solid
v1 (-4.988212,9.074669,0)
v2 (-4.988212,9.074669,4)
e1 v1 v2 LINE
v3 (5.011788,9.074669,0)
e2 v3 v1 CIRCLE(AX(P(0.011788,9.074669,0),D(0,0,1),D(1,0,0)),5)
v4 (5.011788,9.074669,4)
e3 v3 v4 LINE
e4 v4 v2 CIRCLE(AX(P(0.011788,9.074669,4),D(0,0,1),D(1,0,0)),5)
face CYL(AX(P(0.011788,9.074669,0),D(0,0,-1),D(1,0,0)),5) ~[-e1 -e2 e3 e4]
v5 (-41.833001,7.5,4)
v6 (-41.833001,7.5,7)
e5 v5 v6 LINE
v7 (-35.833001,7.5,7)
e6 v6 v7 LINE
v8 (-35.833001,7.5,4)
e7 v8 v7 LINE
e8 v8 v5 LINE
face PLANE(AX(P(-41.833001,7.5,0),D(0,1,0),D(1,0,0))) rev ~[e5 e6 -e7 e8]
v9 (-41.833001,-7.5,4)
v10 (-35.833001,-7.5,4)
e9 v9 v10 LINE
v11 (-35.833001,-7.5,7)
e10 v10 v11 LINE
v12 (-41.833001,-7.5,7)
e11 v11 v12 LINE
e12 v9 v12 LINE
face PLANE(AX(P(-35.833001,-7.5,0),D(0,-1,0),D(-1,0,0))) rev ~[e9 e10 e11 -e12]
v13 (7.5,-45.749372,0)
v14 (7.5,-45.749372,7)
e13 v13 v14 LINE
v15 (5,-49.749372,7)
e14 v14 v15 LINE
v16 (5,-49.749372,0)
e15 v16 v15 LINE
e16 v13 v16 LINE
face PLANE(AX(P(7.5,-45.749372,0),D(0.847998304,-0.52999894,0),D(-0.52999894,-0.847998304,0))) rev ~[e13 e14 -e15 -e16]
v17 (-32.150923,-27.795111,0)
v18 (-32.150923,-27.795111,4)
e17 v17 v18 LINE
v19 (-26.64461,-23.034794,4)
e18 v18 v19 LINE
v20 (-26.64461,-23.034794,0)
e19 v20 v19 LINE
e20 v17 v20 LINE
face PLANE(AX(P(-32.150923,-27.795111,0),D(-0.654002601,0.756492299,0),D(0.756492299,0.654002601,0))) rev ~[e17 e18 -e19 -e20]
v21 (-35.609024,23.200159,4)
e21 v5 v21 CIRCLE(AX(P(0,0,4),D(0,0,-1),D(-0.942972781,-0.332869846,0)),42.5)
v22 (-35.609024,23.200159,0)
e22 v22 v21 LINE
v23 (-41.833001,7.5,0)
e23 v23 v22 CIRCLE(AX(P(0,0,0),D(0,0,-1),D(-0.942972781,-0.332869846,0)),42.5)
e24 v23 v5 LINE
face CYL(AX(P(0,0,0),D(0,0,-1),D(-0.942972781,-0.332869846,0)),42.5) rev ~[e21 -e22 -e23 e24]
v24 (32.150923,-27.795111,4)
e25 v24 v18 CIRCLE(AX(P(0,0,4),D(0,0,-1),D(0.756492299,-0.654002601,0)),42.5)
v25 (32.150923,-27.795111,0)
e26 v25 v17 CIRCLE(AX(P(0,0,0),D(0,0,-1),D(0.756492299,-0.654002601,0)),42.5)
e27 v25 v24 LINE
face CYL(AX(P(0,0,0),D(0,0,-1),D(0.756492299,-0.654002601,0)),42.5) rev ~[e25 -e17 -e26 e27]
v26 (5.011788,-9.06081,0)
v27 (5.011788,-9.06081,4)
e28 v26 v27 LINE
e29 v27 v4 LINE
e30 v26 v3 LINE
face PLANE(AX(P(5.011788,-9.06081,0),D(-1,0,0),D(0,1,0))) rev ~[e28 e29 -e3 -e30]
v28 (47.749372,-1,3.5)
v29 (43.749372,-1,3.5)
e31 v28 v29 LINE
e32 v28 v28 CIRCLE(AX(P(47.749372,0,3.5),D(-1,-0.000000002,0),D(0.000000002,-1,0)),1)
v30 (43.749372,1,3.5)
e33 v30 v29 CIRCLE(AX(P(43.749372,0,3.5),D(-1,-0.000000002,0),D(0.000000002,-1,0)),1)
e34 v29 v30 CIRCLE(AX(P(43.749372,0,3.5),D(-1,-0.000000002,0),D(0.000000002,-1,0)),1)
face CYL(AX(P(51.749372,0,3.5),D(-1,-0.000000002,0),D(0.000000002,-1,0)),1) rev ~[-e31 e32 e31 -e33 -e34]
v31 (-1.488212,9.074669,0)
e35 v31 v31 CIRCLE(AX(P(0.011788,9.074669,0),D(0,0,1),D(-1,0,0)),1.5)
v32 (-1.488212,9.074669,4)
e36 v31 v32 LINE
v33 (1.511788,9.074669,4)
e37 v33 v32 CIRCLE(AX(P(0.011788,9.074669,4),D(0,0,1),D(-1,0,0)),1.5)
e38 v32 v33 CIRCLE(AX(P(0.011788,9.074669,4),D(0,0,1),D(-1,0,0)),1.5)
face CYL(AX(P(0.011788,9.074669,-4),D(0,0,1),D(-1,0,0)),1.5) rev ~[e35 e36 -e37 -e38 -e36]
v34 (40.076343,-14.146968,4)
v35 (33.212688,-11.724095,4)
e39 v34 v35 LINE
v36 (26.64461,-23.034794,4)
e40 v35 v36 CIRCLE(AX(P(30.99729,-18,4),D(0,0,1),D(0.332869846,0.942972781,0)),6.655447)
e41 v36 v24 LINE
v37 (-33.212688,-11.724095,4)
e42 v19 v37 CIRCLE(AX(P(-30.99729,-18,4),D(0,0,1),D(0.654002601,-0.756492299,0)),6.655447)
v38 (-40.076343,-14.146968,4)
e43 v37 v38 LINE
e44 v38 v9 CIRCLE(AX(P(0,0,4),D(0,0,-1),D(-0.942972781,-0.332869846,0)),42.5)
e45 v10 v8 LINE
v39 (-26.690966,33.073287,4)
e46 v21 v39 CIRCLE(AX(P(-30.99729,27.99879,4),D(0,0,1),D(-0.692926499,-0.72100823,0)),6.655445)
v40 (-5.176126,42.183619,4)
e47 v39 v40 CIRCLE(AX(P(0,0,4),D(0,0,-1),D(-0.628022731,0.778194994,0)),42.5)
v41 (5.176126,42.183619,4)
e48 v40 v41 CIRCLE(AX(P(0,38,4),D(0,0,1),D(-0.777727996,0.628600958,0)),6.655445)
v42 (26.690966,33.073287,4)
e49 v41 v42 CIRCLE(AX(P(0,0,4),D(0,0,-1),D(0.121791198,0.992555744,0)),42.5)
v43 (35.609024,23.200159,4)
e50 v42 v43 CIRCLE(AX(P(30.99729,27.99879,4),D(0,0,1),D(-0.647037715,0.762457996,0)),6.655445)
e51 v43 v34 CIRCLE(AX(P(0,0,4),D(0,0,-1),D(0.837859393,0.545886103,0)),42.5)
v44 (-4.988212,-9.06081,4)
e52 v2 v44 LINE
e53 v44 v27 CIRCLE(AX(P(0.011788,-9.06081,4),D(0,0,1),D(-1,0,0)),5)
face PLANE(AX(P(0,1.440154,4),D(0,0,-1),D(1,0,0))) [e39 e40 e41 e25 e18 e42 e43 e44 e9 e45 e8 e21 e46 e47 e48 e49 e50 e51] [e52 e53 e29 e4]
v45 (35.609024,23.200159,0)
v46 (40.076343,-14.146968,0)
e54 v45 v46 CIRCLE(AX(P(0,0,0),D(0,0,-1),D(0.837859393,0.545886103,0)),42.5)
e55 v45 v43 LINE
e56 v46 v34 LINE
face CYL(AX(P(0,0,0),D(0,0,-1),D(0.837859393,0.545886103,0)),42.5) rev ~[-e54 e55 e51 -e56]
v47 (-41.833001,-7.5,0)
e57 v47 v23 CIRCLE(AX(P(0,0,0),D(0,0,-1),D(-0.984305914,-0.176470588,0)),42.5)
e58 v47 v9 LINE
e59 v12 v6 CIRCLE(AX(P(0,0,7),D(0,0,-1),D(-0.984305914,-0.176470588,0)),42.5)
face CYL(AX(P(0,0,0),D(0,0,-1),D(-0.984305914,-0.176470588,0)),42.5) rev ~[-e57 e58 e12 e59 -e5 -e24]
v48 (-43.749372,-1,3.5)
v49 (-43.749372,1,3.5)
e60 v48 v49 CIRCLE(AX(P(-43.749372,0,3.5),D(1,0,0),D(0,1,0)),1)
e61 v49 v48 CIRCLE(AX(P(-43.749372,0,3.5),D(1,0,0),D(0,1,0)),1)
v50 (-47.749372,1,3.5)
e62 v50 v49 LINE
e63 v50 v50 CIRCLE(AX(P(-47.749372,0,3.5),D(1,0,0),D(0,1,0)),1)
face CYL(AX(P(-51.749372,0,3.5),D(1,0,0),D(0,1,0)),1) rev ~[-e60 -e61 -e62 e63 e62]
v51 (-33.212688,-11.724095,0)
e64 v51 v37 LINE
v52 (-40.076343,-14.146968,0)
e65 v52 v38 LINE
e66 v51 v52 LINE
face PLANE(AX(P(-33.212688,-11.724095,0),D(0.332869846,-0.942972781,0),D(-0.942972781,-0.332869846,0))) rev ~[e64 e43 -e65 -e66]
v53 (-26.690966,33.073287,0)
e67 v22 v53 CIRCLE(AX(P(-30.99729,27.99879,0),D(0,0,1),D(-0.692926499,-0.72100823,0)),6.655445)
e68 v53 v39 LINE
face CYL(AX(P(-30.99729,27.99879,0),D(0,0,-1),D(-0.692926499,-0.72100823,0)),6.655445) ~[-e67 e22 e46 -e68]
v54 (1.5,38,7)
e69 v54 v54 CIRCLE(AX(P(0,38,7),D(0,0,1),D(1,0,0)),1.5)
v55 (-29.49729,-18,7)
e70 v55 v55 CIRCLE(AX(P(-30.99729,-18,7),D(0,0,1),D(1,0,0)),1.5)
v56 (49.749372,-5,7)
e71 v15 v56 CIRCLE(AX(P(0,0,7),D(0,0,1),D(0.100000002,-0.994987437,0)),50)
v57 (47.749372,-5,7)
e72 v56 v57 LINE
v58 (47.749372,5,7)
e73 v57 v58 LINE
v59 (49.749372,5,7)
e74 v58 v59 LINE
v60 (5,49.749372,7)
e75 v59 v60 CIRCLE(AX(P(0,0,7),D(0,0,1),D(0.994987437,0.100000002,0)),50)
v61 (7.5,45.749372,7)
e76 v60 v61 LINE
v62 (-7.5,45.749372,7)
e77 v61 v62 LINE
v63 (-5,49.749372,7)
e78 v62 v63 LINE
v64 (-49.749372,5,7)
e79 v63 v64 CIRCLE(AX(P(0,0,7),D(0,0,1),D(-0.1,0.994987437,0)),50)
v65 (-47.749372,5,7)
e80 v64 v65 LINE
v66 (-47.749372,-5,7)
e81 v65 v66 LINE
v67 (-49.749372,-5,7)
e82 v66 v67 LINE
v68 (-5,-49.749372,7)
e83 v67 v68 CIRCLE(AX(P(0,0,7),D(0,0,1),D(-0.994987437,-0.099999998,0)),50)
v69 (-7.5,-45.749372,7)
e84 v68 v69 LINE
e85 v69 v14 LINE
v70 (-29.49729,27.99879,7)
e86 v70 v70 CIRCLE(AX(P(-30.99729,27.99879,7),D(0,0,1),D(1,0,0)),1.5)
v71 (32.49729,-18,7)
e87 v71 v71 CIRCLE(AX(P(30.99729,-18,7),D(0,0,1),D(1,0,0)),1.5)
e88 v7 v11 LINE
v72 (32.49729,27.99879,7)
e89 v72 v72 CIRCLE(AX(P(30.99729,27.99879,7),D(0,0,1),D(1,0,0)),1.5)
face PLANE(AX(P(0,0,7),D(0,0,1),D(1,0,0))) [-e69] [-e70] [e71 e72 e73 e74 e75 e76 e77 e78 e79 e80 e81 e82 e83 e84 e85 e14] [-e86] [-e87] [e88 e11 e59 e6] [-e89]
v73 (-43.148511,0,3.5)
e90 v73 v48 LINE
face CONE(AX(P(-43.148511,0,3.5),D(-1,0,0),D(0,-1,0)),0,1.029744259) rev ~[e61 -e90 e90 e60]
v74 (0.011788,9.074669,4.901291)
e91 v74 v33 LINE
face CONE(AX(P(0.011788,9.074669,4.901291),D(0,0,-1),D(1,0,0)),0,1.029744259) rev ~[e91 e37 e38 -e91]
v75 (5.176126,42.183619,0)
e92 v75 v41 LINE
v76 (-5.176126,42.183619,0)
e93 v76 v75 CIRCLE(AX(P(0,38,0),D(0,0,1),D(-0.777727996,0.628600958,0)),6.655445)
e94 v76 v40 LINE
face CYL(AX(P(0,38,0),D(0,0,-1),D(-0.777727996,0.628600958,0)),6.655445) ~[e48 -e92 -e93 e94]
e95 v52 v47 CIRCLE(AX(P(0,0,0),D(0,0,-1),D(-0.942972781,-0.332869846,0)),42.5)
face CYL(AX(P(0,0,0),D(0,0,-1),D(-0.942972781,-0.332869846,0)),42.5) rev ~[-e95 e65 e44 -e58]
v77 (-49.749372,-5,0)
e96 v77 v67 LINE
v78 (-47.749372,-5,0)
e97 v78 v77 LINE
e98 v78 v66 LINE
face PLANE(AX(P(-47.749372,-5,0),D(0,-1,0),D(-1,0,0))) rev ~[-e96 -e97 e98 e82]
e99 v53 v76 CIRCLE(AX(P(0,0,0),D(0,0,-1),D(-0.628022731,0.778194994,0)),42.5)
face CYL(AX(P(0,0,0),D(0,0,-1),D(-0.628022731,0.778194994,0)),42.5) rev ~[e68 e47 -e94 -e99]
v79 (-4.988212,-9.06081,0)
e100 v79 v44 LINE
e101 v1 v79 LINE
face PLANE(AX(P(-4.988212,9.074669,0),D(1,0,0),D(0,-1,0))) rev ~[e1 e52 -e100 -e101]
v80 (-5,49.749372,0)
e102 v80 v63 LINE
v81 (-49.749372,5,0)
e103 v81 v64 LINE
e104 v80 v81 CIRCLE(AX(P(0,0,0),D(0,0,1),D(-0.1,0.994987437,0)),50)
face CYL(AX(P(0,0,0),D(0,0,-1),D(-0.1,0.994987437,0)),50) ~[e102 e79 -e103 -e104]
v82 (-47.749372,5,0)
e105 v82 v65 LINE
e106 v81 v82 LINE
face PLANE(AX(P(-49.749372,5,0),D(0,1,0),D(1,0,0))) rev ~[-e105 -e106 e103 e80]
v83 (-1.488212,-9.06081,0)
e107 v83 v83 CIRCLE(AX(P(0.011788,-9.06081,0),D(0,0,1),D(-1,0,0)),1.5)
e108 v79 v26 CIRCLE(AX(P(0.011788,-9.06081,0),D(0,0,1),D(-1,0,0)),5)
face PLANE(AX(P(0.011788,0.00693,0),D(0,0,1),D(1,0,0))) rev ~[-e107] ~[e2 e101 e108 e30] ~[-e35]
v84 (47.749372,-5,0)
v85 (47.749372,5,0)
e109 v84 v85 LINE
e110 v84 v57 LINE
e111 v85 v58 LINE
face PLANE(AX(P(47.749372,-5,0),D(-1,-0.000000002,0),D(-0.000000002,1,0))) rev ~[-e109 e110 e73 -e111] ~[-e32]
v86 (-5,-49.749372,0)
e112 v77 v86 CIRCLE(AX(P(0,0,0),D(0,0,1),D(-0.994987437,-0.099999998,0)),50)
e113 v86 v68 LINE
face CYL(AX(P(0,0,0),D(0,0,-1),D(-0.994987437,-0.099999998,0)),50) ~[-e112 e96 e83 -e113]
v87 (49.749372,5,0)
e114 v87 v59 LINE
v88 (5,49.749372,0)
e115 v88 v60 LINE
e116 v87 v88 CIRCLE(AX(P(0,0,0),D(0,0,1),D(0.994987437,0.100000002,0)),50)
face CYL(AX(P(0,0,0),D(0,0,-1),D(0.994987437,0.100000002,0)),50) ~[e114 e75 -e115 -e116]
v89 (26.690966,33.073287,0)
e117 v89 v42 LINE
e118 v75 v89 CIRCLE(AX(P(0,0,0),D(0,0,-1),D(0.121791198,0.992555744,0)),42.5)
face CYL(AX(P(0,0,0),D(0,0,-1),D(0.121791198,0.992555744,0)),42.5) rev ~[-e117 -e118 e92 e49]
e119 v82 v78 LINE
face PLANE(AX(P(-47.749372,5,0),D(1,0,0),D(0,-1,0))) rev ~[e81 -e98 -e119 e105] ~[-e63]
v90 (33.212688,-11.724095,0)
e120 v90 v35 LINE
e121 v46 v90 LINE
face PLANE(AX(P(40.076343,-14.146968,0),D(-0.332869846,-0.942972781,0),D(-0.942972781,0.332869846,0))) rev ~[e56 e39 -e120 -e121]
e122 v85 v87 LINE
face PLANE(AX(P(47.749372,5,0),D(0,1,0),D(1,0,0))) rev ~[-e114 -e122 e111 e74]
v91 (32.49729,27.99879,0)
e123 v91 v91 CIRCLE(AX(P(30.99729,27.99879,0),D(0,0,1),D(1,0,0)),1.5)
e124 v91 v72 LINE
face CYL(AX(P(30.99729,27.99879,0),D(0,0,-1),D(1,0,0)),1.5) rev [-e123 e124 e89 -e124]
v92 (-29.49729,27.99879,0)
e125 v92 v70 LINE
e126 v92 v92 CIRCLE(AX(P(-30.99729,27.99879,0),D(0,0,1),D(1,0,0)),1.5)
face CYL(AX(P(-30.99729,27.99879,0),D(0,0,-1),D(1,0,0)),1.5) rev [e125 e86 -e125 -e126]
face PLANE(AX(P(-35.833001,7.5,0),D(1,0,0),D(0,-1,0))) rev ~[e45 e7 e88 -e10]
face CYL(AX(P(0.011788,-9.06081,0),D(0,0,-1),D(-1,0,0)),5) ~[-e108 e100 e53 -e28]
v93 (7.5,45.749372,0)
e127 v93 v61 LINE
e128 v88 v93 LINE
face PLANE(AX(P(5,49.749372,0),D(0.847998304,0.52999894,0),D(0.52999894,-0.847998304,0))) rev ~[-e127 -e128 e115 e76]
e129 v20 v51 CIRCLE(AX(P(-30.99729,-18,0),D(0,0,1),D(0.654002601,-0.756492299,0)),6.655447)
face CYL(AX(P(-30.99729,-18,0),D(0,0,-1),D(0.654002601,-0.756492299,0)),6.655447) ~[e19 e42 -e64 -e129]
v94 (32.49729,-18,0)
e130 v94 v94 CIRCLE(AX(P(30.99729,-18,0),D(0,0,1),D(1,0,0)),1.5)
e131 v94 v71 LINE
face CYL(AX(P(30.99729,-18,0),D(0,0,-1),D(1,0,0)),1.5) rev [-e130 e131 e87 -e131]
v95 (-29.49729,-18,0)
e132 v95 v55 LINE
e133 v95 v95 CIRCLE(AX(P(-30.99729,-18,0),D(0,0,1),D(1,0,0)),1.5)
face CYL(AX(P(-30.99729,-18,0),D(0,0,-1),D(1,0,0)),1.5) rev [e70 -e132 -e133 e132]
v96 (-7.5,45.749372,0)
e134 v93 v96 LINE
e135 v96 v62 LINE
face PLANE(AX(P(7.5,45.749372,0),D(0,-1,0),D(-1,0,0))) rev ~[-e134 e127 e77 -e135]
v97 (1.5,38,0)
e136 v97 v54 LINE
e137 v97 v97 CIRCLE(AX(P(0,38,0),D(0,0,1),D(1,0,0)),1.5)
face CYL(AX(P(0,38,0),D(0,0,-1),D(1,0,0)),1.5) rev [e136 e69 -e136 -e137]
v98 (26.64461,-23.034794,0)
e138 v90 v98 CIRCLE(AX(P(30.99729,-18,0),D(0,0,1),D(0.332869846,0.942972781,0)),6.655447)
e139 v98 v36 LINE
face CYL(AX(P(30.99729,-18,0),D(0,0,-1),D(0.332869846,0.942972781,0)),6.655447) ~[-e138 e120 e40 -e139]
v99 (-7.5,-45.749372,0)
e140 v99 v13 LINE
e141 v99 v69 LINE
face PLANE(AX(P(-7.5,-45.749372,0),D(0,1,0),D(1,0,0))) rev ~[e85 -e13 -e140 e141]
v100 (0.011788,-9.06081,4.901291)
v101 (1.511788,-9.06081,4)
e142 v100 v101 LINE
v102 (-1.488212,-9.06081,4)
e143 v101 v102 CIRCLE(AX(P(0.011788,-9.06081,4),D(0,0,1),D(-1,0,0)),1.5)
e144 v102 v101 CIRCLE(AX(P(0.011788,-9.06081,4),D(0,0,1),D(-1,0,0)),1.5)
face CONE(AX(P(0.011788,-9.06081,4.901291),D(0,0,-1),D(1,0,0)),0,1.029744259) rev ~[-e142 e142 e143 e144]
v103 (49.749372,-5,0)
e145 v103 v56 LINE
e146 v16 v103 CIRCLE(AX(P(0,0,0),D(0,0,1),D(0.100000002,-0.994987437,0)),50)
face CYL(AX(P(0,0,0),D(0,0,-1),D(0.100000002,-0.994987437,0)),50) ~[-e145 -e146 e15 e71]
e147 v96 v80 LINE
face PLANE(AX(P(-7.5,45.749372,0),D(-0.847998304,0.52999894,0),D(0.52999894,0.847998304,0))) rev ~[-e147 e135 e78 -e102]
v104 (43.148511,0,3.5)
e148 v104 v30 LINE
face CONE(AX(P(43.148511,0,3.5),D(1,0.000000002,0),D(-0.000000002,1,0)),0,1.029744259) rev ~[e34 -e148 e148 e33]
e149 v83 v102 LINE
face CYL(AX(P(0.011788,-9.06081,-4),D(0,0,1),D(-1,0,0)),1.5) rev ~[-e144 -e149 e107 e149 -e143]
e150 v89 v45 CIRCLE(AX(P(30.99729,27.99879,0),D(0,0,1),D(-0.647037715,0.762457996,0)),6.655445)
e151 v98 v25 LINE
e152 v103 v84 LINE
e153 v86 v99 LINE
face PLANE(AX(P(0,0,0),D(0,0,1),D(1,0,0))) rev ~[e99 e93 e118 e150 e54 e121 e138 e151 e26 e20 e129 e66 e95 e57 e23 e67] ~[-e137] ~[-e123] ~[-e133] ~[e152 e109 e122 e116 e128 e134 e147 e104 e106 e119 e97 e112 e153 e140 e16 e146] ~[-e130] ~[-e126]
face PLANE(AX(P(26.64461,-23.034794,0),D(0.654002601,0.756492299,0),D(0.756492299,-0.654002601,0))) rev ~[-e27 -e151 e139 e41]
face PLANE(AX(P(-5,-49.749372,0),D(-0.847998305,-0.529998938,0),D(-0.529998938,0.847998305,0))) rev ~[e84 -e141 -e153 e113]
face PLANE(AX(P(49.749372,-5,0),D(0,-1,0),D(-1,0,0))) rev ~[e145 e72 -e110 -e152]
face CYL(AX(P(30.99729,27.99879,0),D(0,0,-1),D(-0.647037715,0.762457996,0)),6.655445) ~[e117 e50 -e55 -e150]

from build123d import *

# Parameters (mm, degrees)
F0_R      = 1.5
F1_DEPTH  = 7
F3_DEPTH  = 4
F5_D      = 2
F5_DEPTH  = 4
F5_TIP    = 0.600860619
F7_D      = 2
F7_DEPTH  = 4
F7_TIP    = 0.600860619
F9_DEPTH  = 4
F10_D     = 3
F10_DEPTH = 4
F10_TIP   = 0.9012909285


with BuildPart() as f1:
    # F0 (on Top) → F1 (new body)
    with BuildSketch(Plane.XY):
        with BuildLine():
            ThreePointArc((-5, 49.7493718553), (-35.3553390204, 35.3553390982), (-49.7493718443, 5.0000001095))
            Line((-49.7493718443, 5.0000001095), (-47.7493718443, 5.0000001095))
            Line((-47.7493718443, 5.0000001095), (-47.7493718443, -4.9999998882))
            Line((-47.7493718443, -4.9999998882), (-49.7493718666, -4.9999998882))
            ThreePointArc((-49.7493718666, -4.9999998882), (-35.3553390593, -35.3553390593), (-4.9999998882, -49.7493718666))
            Line((-4.9999998882, -49.7493718666), (-7.4999998882, -45.7493718443))
            Line((-7.4999998882, -45.7493718443), (7.5000001118, -45.7493718443))
            Line((7.5000001118, -45.7493718443), (5.0000001095, -49.7493718443))
            ThreePointArc((5.0000001095, -49.7493718443), (35.355339138, -35.3553389807), (49.7493718666, -4.9999998882))
            Line((49.7493718666, -4.9999998882), (47.7493718666, -4.9999998882))
            Line((47.7493718666, -4.9999998882), (47.7493718443, 5.0000001095))
            Line((47.7493718443, 5.0000001095), (49.7493718443, 5.0000001095))
            ThreePointArc((49.7493718443, 5.0000001095), (35.3553390204, 35.3553390982), (5, 49.7493718553))
            Line((5, 49.7493718553), (7.5, 45.7493718553))
            Line((7.5, 45.7493718553), (-7.5, 45.7493718553))
            Line((-7.5, 45.7493718553), (-5, 49.7493718553))
        make_face()
        with Locations((-30.99729, -18)):
            Circle(F0_R, mode=Mode.SUBTRACT)
        with Locations((30.99729, -18)):
            Circle(F0_R, mode=Mode.SUBTRACT)
        with BuildLine():
            ThreePointArc((-41.8330013267, -7.5), (-42.5, 0), (-41.8330013267, 7.5))
            Line((-41.8330013267, 7.5), (-35.8330013267, 7.5))
            Line((-35.8330013267, 7.5), (-35.8330013267, -7.5))
            Line((-35.8330013267, -7.5), (-41.8330013267, -7.5))
        make_face(mode=Mode.SUBTRACT)
        with Locations((-30.99729, 27.99879)):
            Circle(F0_R, mode=Mode.SUBTRACT)
        with Locations((0, 38)):
            Circle(F0_R, mode=Mode.SUBTRACT)
        with Locations((30.99729, 27.99879)):
            Circle(F0_R, mode=Mode.SUBTRACT)
    extrude(amount=F1_DEPTH)

    # F2 (on face) → F3 (cut)
    with BuildSketch(Plane(origin=(0, 0, 0), x_dir=(1, 0, 0), z_dir=(0, 0, -1))):
        with BuildLine():
            Line((-33.2126875853, 11.7240947344), (-40.0763431849, 14.1469684711))
            ThreePointArc((-40.0763431849, 14.1469684711), (-42.1991788884, -5.0477025611), (-35.6090242019, -23.2001593829))
            ThreePointArc((-35.6090242019, -23.2001593829), (-26.0583647767, -23.5376280677), (-26.6909660756, -33.0732872565))
            ThreePointArc((-26.6909660756, -33.0732872565), (-16.571886566, -39.1359499136), (-5.1761259013, -42.1836191033))
            ThreePointArc((-5.1761259013, -42.1836191033), (0, -31.344555), (5.1761259013, -42.1836191033))
            ThreePointArc((5.1761259013, -42.1836191033), (16.571886566, -39.1359499136), (26.6909660756, -33.0732872565))
            ThreePointArc((26.6909660756, -33.0732872565), (26.0583647767, -23.5376280677), (35.6090242019, -23.2001593829))
            ThreePointArc((35.6090242019, -23.2001593829), (42.1991788884, -5.0477025611), (40.0763431849, 14.1469684711))
            Line((40.0763431849, 14.1469684711), (33.2126875853, 11.7240947344))
            ThreePointArc((33.2126875853, 11.7240947344), (25.241859967, 14.6578452312), (26.6446104223, 23.0347943213))
            Line((26.6446104223, 23.0347943213), (32.150922703, 27.7951105295))
            ThreePointArc((32.150922703, 27.7951105295), (0, 42.5), (-32.150922703, 27.7951105295))
            Line((-32.150922703, 27.7951105295), (-26.6446104223, 23.0347943213))
            ThreePointArc((-26.6446104223, 23.0347943213), (-25.241859967, 14.6578452312), (-33.2126875853, 11.7240947344))
        make_face()
    extrude(amount=-F3_DEPTH, mode=Mode.SUBTRACT)

    # F5
    with Locations(Plane(origin=(-47.7493718443, 0, 0), x_dir=(0, -1, 0), z_dir=(-1, 0, 0))):
        with Locations((-1.106e-07, 3.5)):
            Hole(F5_D / 2, depth=F5_DEPTH)
            with Locations((0, 0, -(F5_DEPTH + F5_TIP / 2))):  # 118° drill point
                Cone(0, F5_D / 2, F5_TIP, mode=Mode.SUBTRACT)

    # F7
    with Locations(Plane(origin=(47.7493718554, 1.062e-07, 0), x_dir=(-2.2e-09, 1, 0), z_dir=(1, 2.2e-09, 0))):
        with Locations((4.4e-09, 3.5)):
            Hole(F7_D / 2, depth=F7_DEPTH)
            with Locations((0, 0, -(F7_DEPTH + F7_TIP / 2))):  # 118° drill point
                Cone(0, F7_D / 2, F7_TIP, mode=Mode.SUBTRACT)

    # F8 (on Top) → F9 (join)
    with BuildSketch(Plane.XY):
        with BuildLine():
            Line((-4.9882119756, 9.0746689573), (-4.9882119756, -9.0608097649))
            ThreePointArc((-4.9882119756, -9.0608097649), (0.0117880244, -14.0608097649), (5.0117880244, -9.0608097649))
            Line((5.0117880244, -9.0608097649), (5.0117880244, 9.0746689573))
            ThreePointArc((5.0117880244, 9.0746689573), (0.0117880244, 14.0746689573), (-4.9882119756, 9.0746689573))
        make_face()
    extrude(amount=F9_DEPTH)

    # F10
    with Locations(Plane(origin=(0, 0, 0), x_dir=(1, 0, 0), z_dir=(0, 0, -1))):
        with Locations((0.0117880244, 9.0608097649), (0.0117880244, -9.0746689573)):
            Hole(F10_D / 2, depth=F10_DEPTH)
            with Locations((0, 0, -(F10_DEPTH + F10_TIP / 2))):  # 118° drill point
                Cone(0, F10_D / 2, F10_TIP, mode=Mode.SUBTRACT)


solid = f1.part
